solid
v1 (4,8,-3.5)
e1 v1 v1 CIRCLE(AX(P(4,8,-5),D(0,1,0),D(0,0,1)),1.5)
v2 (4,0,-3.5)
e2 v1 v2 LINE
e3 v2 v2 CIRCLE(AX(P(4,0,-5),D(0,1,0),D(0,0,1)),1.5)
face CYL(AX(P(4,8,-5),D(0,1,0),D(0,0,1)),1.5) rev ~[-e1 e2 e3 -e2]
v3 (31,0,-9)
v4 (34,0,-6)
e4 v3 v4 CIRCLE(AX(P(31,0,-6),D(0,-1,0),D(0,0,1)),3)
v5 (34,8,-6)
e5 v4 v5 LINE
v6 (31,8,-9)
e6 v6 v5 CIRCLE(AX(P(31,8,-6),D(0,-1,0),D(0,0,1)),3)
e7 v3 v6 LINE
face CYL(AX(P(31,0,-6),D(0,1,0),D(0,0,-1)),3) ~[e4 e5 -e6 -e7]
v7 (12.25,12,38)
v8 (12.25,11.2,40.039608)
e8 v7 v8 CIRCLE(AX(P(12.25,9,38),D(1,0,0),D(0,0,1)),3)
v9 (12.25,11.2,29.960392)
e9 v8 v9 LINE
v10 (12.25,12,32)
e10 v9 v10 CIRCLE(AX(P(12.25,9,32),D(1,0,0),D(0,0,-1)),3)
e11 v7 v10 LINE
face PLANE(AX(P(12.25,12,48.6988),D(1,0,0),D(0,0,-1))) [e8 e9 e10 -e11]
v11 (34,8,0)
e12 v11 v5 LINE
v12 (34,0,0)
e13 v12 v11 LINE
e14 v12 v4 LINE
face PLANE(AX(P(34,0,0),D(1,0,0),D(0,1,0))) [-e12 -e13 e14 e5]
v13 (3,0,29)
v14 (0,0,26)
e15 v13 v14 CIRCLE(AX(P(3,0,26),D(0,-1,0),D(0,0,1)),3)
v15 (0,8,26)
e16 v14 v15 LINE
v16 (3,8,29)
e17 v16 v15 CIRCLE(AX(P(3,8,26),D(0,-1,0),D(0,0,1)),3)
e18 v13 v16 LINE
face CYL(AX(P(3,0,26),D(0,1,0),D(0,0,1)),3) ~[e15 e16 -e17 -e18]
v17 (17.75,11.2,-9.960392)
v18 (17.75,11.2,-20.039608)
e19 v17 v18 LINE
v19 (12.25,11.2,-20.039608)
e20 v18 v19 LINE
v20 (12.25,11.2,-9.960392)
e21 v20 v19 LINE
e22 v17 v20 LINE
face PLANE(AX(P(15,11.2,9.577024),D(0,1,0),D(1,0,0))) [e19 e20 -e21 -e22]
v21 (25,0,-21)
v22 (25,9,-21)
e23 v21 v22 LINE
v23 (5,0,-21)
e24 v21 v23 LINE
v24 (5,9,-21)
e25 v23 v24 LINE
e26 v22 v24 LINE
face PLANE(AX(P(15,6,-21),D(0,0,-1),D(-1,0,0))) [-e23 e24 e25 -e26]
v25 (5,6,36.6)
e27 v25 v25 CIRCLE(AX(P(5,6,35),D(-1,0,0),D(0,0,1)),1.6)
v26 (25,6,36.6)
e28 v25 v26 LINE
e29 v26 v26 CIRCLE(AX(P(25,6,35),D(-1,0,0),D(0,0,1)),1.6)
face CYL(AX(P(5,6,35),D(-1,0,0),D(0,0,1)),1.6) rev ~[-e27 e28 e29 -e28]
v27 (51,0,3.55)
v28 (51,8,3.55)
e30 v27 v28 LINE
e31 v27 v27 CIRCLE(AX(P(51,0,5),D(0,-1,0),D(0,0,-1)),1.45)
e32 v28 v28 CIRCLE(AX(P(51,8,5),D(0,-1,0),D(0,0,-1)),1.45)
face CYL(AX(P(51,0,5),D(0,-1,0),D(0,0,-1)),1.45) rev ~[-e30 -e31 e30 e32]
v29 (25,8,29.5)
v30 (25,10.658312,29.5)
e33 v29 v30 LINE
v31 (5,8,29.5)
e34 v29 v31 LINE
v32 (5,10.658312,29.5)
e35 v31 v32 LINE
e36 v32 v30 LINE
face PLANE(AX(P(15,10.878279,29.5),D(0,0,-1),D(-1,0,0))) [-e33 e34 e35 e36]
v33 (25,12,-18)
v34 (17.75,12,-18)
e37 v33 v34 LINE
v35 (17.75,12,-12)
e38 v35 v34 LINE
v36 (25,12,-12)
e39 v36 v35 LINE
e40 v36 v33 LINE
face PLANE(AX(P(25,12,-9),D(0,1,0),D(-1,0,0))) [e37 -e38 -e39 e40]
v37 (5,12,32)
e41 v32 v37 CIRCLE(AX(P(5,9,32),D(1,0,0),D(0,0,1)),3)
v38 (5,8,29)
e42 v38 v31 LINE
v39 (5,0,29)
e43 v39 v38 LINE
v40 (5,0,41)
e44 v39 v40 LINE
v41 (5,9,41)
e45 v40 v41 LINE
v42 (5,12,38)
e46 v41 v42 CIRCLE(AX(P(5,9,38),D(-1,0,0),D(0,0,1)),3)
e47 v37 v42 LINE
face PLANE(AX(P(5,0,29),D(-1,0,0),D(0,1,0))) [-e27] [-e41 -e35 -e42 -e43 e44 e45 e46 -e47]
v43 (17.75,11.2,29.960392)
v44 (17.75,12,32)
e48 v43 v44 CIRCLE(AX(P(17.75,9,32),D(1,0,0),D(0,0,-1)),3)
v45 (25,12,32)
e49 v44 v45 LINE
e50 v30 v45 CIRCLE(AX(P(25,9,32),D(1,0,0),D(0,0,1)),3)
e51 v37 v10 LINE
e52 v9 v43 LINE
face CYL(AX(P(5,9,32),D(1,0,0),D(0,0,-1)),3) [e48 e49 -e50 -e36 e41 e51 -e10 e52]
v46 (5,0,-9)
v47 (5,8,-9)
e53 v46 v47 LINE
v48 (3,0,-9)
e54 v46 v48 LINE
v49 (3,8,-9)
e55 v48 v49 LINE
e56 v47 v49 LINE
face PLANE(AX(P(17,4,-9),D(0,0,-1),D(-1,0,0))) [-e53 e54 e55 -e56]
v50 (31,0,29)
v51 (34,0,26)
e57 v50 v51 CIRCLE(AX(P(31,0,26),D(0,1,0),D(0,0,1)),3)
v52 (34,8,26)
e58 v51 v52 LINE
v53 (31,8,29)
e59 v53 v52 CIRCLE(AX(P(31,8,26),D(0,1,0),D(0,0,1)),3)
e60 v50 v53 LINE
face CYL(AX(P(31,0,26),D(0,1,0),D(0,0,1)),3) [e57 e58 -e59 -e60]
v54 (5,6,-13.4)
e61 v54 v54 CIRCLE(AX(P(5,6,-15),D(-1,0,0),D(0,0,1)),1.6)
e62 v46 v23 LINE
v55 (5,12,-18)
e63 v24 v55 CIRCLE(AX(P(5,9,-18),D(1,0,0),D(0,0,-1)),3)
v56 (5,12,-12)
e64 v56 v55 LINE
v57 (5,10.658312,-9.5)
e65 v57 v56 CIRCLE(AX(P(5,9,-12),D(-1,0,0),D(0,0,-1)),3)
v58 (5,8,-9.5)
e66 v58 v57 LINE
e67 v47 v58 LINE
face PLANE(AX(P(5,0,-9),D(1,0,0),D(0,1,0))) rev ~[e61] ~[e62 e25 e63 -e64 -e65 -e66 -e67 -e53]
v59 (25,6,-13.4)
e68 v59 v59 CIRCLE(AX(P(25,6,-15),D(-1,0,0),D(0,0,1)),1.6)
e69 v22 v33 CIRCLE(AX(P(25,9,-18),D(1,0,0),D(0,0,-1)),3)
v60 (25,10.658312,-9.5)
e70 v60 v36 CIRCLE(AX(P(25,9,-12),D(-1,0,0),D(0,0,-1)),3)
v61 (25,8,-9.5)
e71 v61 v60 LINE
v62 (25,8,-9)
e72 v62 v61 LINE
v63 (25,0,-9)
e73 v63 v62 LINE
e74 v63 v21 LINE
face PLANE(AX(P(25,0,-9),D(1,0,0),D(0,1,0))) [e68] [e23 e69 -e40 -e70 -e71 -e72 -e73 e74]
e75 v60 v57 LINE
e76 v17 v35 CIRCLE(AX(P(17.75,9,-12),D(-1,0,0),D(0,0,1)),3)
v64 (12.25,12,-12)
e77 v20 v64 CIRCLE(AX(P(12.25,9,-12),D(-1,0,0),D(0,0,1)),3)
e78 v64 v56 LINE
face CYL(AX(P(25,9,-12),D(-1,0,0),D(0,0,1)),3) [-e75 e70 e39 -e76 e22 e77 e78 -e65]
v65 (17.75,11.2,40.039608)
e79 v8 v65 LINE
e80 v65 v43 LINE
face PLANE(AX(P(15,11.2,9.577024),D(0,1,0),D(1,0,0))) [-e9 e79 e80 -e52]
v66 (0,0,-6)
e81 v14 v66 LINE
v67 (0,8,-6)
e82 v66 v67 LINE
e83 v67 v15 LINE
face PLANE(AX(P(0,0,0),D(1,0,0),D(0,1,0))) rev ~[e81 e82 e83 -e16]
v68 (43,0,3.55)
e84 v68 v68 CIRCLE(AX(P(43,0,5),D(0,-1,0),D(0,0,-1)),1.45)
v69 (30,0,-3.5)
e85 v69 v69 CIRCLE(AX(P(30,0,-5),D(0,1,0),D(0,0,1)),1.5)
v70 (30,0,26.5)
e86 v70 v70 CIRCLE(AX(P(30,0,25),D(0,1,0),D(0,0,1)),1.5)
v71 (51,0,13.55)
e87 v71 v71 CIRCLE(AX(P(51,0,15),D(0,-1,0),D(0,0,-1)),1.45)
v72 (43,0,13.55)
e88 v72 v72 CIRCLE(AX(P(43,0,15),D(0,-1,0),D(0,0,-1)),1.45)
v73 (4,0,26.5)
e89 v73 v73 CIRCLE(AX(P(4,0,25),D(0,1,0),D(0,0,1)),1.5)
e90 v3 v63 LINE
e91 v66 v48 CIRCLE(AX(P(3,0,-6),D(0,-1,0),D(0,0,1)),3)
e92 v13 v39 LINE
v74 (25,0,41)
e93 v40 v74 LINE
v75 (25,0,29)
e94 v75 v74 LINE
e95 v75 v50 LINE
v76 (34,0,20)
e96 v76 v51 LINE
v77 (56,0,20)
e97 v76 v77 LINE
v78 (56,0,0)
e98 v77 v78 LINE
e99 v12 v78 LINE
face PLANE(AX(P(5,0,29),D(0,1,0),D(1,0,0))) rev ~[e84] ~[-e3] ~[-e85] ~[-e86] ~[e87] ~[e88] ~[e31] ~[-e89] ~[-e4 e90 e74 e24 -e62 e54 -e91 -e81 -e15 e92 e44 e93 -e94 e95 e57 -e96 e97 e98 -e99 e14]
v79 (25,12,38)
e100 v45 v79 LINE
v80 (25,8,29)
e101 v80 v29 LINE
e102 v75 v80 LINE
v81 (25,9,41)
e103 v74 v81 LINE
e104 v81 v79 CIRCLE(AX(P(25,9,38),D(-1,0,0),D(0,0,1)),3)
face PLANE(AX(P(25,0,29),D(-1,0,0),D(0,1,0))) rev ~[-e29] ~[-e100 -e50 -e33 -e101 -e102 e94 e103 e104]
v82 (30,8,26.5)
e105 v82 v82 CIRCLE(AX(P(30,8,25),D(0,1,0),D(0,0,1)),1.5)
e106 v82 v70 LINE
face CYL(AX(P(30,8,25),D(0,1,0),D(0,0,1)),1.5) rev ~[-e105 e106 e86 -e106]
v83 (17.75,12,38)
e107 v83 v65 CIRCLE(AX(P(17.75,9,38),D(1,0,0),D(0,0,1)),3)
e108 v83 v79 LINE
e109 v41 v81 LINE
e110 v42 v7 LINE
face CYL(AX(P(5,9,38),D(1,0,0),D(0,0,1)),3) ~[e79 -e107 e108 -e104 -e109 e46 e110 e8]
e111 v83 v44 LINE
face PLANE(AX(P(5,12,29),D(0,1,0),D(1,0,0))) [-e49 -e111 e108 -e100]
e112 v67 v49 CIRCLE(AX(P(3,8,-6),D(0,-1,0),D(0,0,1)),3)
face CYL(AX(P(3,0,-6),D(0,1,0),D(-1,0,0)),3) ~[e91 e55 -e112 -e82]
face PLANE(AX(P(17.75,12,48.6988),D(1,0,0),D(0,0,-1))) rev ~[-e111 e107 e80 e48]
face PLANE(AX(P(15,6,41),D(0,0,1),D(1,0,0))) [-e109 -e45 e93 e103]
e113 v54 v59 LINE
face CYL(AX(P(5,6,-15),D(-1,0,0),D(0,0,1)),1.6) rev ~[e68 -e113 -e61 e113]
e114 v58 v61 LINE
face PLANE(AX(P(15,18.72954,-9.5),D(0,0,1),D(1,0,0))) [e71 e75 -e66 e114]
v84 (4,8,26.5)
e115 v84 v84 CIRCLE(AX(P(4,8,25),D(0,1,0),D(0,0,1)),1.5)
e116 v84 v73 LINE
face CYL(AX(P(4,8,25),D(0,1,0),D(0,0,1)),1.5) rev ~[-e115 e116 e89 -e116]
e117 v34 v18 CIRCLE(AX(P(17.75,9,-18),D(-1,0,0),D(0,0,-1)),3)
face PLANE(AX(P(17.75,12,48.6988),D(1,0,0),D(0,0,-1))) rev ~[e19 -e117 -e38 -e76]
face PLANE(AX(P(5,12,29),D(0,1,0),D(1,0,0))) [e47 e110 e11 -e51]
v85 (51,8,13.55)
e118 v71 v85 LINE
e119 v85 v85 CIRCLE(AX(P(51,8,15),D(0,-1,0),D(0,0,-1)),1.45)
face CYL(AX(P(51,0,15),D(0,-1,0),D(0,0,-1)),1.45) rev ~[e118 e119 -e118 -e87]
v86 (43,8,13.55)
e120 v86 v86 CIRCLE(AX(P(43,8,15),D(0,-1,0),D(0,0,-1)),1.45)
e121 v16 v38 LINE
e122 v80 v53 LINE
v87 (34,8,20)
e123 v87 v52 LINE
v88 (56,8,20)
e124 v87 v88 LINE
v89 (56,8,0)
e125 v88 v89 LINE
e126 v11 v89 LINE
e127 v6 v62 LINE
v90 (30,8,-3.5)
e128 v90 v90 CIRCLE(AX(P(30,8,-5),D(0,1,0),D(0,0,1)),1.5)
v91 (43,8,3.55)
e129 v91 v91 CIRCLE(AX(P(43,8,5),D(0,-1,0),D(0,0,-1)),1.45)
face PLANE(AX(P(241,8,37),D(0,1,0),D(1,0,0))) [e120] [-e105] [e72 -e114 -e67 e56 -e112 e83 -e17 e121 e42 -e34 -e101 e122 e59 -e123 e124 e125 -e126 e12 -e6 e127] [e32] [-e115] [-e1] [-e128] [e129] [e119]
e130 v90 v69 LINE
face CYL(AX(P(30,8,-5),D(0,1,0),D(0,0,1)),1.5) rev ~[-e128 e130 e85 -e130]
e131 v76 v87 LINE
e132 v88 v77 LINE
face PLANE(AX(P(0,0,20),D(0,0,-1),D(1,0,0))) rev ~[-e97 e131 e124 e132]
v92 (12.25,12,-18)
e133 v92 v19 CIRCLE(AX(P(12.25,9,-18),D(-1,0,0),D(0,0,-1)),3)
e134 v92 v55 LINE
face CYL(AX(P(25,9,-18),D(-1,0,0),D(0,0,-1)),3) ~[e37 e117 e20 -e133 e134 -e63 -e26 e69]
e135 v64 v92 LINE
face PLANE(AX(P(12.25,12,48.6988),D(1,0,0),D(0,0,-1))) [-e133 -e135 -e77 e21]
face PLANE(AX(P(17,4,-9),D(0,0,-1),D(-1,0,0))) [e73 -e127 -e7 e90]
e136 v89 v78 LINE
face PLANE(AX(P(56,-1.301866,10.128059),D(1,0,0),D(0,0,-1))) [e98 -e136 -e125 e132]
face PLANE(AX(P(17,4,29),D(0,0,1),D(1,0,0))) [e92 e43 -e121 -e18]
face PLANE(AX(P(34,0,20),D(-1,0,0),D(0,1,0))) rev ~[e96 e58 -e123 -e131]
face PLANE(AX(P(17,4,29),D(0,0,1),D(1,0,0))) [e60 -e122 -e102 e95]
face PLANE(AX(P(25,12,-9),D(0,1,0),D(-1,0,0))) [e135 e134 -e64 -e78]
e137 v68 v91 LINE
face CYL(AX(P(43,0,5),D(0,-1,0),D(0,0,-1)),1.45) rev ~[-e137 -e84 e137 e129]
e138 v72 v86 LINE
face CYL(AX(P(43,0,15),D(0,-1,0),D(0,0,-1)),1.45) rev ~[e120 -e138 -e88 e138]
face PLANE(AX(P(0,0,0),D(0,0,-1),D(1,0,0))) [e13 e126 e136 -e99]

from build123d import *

# Parameters (mm, degrees)
SKETCH1_W            = 300
SKETCH1_H            = 20
BOSS_EXTRUDE1_DEPTH  = 8
SKETCH2_W            = 34
SKETCH2_H            = 8
BOSS_EXTRUDE2_DEPTH  = 9
SKETCH3_W            = 34
SKETCH3_H            = 8
BOSS_EXTRUDE3_DEPTH  = 9
SKETCH4_R            = 1.5
CUT_EXTRUDE1_DEPTH   = 302.504560496
SKETCH5_W            = 25
SKETCH5_H            = 8
BOSS_EXTRUDE4_DEPTH  = 17
SKETCH6_W            = 25
SKETCH6_H            = 8
BOSS_EXTRUDE5_DEPTH  = 17
SKETCH7_W            = 10
SKETCH7_H            = 38
CUT_EXTRUDE2_DEPTH   = 303.37890138
SKETCH8_W            = 7
SKETCH8_H            = 16
CUT_EXTRUDE3_DEPTH   = 4
CUT_EXTRUDE4_DEPTH   = 7
BOSS_EXTRUDE6_DEPTH  = 10
SKETCH12_W           = 8
SKETCH12_H           = 8
BOSS_EXTRUDE7_DEPTH  = 17
SKETCH13_R           = 1.7
CUT_EXTRUDE6_DEPTH   = 305.926220585
SKETCH14_W           = 20
SKETCH14_H           = 13
BOSS_EXTRUDE8_DEPTH  = 12
SKETCH15_R           = 1.6
CUT_EXTRUDE7_DEPTH   = 20
SKETCH16_W           = 20
SKETCH16_H           = 13
BOSS_EXTRUDE9_DEPTH  = 12
SKETCH17_R           = 1.6
CUT_EXTRUDE8_DEPTH   = 20
SKETCH18_W           = 20
SKETCH18_H           = 12
BOSS_EXTRUDE10_DEPTH = 12
SKETCH19_R           = 1.6
CUT_EXTRUDE9_DEPTH   = 20
SKETCH20_W           = 20
SKETCH20_H           = 12
BOSS_EXTRUDE11_DEPTH = 12
SKETCH21_R           = 1.6
CUT_EXTRUDE10_DEPTH  = 20
FILLET6_R            = 3
SKETCH22_W           = 123.750788161
SKETCH22_H           = 72.639217631
CUT_EXTRUDE11_DEPTH  = 244
SKETCH23_R           = 1.45
CUT_EXTRUDE12_DEPTH  = 71.434366612
FILLET7_R            = 3
SKETCH24_W           = 5.5
SKETCH24_H           = 78.243551934
CUT_EXTRUDE13_DEPTH  = 0.8
SKETCH25_W           = 20
SKETCH25_H           = 5.75655834
CUT_EXTRUDE14_DEPTH  = 0.5
SKETCH26_W           = 20
SKETCH26_H           = 21.459079842
CUT_EXTRUDE15_DEPTH  = 0.5


with BuildPart() as part:
    # Sketch1 → Boss-Extrude1 (new body)
    with BuildSketch(Plane(origin=(0, 0, 0), x_dir=(1, 0, 0), z_dir=(0, 1, 0))):
        with Locations((150, -10)):
            Rectangle(SKETCH1_W, SKETCH1_H)
    extrude(amount=BOSS_EXTRUDE1_DEPTH)

    # Sketch2 → Boss-Extrude2 (add)
    with BuildSketch(Plane.XY.offset(20)):
        with Locations((17, 4)):
            Rectangle(SKETCH2_W, SKETCH2_H)
        with Locations((283, 4)):
            Rectangle(SKETCH2_W, SKETCH2_H)
    extrude(amount=BOSS_EXTRUDE2_DEPTH)

    # Sketch3 → Boss-Extrude3 (add)
    with BuildSketch(Plane(origin=(0, 0, 0), x_dir=(-1, 0, 0), z_dir=(0, 0, -1))):
        with Locations((-17, 4)):
            Rectangle(SKETCH3_W, SKETCH3_H)
        with Locations((-283, 4)):
            Rectangle(SKETCH3_W, SKETCH3_H)
    extrude(amount=BOSS_EXTRUDE3_DEPTH)

    # Sketch4 → Cut-Extrude1 (cut, through all)
    with BuildSketch(Plane(origin=(0, 8, 0), x_dir=(1, 0, 0), z_dir=(0, 1, 0))):
        with Locations(Location((4, 5, 0), (0, 0, 270))):
            Circle(SKETCH4_R)
        with Locations(Location((30, 5, 0), (0, 0, 270))):
            Circle(SKETCH4_R)
        with Locations(Location((30, -25, 0), (0, 0, 270))):
            Circle(SKETCH4_R)
        with Locations(Location((4, -25, 0), (0, 0, 270))):
            Circle(SKETCH4_R)
        with Locations(Location((296, -25, 0), (0, 0, 270))):
            Circle(SKETCH4_R)
        with Locations(Location((296, 5, 0), (0, 0, 270))):
            Circle(SKETCH4_R)
        with Locations(Location((270, -25, 0), (0, 0, 270))):
            Circle(SKETCH4_R)
        with Locations(Location((270, 5, 0), (0, 0, 270))):
            Circle(SKETCH4_R)
    extrude(amount=-CUT_EXTRUDE1_DEPTH, mode=Mode.SUBTRACT)

    # Sketch5 → Boss-Extrude4 (add)
    with BuildSketch(Plane.XY.offset(20)):
        with Locations((253.5, 4)):
            Rectangle(SKETCH5_W, SKETCH5_H)
    extrude(amount=BOSS_EXTRUDE4_DEPTH)

    # Sketch6 → Boss-Extrude5 (add)
    with BuildSketch(Plane(origin=(0, 0, 0), x_dir=(-1, 0, 0), z_dir=(0, 0, -1))):
        with Locations((-253.5, 4)):
            Rectangle(SKETCH6_W, SKETCH6_H)
    extrude(amount=BOSS_EXTRUDE5_DEPTH)

    # Sketch7 → Cut-Extrude2 (cut, through all)
    with BuildSketch(Plane(origin=(0, 8, 0), x_dir=(1, 0, 0), z_dir=(0, 1, 0))):
        with Locations((254, -10)):
            Rectangle(SKETCH7_W, SKETCH7_H)
    extrude(amount=-CUT_EXTRUDE2_DEPTH, mode=Mode.SUBTRACT)

    # Sketch8 → Cut-Extrude3 (cut)
    with BuildSketch(Plane(origin=(0, 8, 0), x_dir=(1, 0, 0), z_dir=(0, 1, 0))):
        with Locations((262.5, -10)):
            Rectangle(SKETCH8_W, SKETCH8_H)
    extrude(amount=-CUT_EXTRUDE3_DEPTH, mode=Mode.SUBTRACT)

    # Sketch9 → Cut-Extrude4 (cut)
    with BuildSketch(Plane.ZY.offset(-259)):
        Polygon((18, 4), (22, 8), (18, 8), align=None)
        Polygon((2, 4), (-2, 8), (2, 8), align=None)
    extrude(amount=-CUT_EXTRUDE4_DEPTH, mode=Mode.SUBTRACT)

    # Sketch10 → Boss-Extrude6 (add)
    with BuildSketch(Plane.ZY.offset(-259)):
        Polygon((-2, 0), (-9, 8), (-9, 0), align=None)
        Polygon((29, 8), (22, 0), (29, 0), align=None)
    extrude(amount=BOSS_EXTRUDE6_DEPTH)

    # Sketch12 → Boss-Extrude7 (add)
    with BuildSketch(Plane.XY.offset(37)):
        with Locations((245, 4)):
            Rectangle(SKETCH12_W, SKETCH12_H)
    extrude(amount=BOSS_EXTRUDE7_DEPTH)

    # Sketch13 → Cut-Extrude6 (cut, through all)
    with BuildSketch(Plane(origin=(0, 8, 0), x_dir=(1, 0, 0), z_dir=(0, 1, 0))):
        with Locations(Location((245, -50, 0), (0, 0, 270))):
            Circle(SKETCH13_R)
        with Locations(Location((245, -18, 0), (0, 0, 270))):
            Circle(SKETCH13_R)
    extrude(amount=-CUT_EXTRUDE6_DEPTH, mode=Mode.SUBTRACT)

    # Sketch14 → Boss-Extrude8 (add)
    with BuildSketch(Plane.XY.offset(29)):
        with Locations((285, 6.5)):
            Rectangle(SKETCH14_W, SKETCH14_H)
    extrude(amount=BOSS_EXTRUDE8_DEPTH)

    # Sketch15 → Cut-Extrude7 (cut)
    with BuildSketch(Plane(origin=(295, 0, 0), x_dir=(0, 0, -1), z_dir=(1, 0, 0))):
        with Locations((-35, 8)):
            Circle(SKETCH15_R)
    extrude(amount=-CUT_EXTRUDE7_DEPTH, mode=Mode.SUBTRACT)

    # Sketch16 → Boss-Extrude9 (add)
    with BuildSketch(Plane(origin=(0, 0, -9), x_dir=(-1, 0, 0), z_dir=(0, 0, -1))):
        with Locations((-285, 6.5)):
            Rectangle(SKETCH16_W, SKETCH16_H)
    extrude(amount=BOSS_EXTRUDE9_DEPTH)

    # Sketch17 → Cut-Extrude8 (cut)
    with BuildSketch(Plane(origin=(295, 0, 0), x_dir=(0, 0, -1), z_dir=(1, 0, 0))):
        with Locations((15, 8)):
            Circle(SKETCH17_R)
    extrude(amount=-CUT_EXTRUDE8_DEPTH, mode=Mode.SUBTRACT)

    # Sketch18 → Boss-Extrude10 (add)
    with BuildSketch(Plane(origin=(0, 0, -9), x_dir=(-1, 0, 0), z_dir=(0, 0, -1))):
        with Locations((-15, 6)):
            Rectangle(SKETCH18_W, SKETCH18_H)
    extrude(amount=BOSS_EXTRUDE10_DEPTH)

    # Sketch19 → Cut-Extrude9 (cut)
    with BuildSketch(Plane.ZY.offset(-5)):
        with Locations((-15, 6)):
            Circle(SKETCH19_R)
    extrude(amount=-CUT_EXTRUDE9_DEPTH, mode=Mode.SUBTRACT)

    # Sketch20 → Boss-Extrude11 (add)
    with BuildSketch(Plane.XY.offset(29)):
        with Locations((15, 6)):
            Rectangle(SKETCH20_W, SKETCH20_H)
    extrude(amount=BOSS_EXTRUDE11_DEPTH)

    # Sketch21 → Cut-Extrude10 (cut)
    with BuildSketch(Plane.ZY.offset(-5)):
        with Locations((35, 6)):
            Circle(SKETCH21_R)
    extrude(amount=-CUT_EXTRUDE10_DEPTH, mode=Mode.SUBTRACT)

    # Fillet6
    fillet6_edges = [part.edges().sort_by_distance(p)[0] for p in [
        (285, 13, 29),
        (285, 13, 41),
        (285, 13, -9),
        (285, 13, -21),
        (15, 12, -9),
        (15, 12, -21),
        (15, 12, 29),
        (15, 12, 41),
    ]]
    fillet(fillet6_edges, radius=FILLET6_R)

    # Sketch22 → Cut-Extrude11 (cut)
    with BuildSketch(Plane(origin=(300, 0, 0), x_dir=(0, 0, -1), z_dir=(1, 0, 0))):
        with Locations((-10.128058827, -1.301866478)):
            Rectangle(SKETCH22_W, SKETCH22_H)
    extrude(amount=-CUT_EXTRUDE11_DEPTH, mode=Mode.SUBTRACT)

    # Sketch23 → Cut-Extrude12 (cut, through all)
    with BuildSketch(Plane(origin=(0, 0, 0), x_dir=(-1, 0, 0), z_dir=(0, -1, 0))):
        with Locations(Location((-51, -5, 0), (0, 0, 90))):
            Circle(SKETCH23_R)
        with Locations(Location((-51, -15, 0), (0, 0, 90))):
            Circle(SKETCH23_R)
        with Locations(Location((-43, -5, 0), (0, 0, 90))):
            Circle(SKETCH23_R)
        with Locations(Location((-43, -15, 0), (0, 0, 90))):
            Circle(SKETCH23_R)
    extrude(amount=-CUT_EXTRUDE12_DEPTH, mode=Mode.SUBTRACT)

    # Fillet7
    fillet7_edges = [part.edges().sort_by_distance(p)[0] for p in [
        (0, 4, 29),
        (34, 4, 29),
        (0, 4, -9),
        (34, 4, -9),
    ]]
    fillet(fillet7_edges, radius=FILLET7_R)

    # Sketch24 → Cut-Extrude13 (cut)
    with BuildSketch(Plane(origin=(0, 12, 0), x_dir=(1, 0, 0), z_dir=(0, 1, 0))):
        with Locations((15, -9.577024089)):
            Rectangle(SKETCH24_W, SKETCH24_H)
    extrude(amount=-CUT_EXTRUDE13_DEPTH, mode=Mode.SUBTRACT)

    # Sketch25 → Cut-Extrude14 (cut)
    with BuildSketch(Plane(origin=(0, 0, 29), x_dir=(-1, 0, 0), z_dir=(0, 0, -1))):
        with Locations((-15, 10.87827917)):
            Rectangle(SKETCH25_W, SKETCH25_H)
    extrude(amount=-CUT_EXTRUDE14_DEPTH, mode=Mode.SUBTRACT)

    # Sketch26 → Cut-Extrude15 (cut)
    with BuildSketch(Plane.XY.offset(-9)):
        with Locations((15, 18.729539921)):
            Rectangle(SKETCH26_W, SKETCH26_H)
    extrude(amount=-CUT_EXTRUDE15_DEPTH, mode=Mode.SUBTRACT)


solid = part.part
